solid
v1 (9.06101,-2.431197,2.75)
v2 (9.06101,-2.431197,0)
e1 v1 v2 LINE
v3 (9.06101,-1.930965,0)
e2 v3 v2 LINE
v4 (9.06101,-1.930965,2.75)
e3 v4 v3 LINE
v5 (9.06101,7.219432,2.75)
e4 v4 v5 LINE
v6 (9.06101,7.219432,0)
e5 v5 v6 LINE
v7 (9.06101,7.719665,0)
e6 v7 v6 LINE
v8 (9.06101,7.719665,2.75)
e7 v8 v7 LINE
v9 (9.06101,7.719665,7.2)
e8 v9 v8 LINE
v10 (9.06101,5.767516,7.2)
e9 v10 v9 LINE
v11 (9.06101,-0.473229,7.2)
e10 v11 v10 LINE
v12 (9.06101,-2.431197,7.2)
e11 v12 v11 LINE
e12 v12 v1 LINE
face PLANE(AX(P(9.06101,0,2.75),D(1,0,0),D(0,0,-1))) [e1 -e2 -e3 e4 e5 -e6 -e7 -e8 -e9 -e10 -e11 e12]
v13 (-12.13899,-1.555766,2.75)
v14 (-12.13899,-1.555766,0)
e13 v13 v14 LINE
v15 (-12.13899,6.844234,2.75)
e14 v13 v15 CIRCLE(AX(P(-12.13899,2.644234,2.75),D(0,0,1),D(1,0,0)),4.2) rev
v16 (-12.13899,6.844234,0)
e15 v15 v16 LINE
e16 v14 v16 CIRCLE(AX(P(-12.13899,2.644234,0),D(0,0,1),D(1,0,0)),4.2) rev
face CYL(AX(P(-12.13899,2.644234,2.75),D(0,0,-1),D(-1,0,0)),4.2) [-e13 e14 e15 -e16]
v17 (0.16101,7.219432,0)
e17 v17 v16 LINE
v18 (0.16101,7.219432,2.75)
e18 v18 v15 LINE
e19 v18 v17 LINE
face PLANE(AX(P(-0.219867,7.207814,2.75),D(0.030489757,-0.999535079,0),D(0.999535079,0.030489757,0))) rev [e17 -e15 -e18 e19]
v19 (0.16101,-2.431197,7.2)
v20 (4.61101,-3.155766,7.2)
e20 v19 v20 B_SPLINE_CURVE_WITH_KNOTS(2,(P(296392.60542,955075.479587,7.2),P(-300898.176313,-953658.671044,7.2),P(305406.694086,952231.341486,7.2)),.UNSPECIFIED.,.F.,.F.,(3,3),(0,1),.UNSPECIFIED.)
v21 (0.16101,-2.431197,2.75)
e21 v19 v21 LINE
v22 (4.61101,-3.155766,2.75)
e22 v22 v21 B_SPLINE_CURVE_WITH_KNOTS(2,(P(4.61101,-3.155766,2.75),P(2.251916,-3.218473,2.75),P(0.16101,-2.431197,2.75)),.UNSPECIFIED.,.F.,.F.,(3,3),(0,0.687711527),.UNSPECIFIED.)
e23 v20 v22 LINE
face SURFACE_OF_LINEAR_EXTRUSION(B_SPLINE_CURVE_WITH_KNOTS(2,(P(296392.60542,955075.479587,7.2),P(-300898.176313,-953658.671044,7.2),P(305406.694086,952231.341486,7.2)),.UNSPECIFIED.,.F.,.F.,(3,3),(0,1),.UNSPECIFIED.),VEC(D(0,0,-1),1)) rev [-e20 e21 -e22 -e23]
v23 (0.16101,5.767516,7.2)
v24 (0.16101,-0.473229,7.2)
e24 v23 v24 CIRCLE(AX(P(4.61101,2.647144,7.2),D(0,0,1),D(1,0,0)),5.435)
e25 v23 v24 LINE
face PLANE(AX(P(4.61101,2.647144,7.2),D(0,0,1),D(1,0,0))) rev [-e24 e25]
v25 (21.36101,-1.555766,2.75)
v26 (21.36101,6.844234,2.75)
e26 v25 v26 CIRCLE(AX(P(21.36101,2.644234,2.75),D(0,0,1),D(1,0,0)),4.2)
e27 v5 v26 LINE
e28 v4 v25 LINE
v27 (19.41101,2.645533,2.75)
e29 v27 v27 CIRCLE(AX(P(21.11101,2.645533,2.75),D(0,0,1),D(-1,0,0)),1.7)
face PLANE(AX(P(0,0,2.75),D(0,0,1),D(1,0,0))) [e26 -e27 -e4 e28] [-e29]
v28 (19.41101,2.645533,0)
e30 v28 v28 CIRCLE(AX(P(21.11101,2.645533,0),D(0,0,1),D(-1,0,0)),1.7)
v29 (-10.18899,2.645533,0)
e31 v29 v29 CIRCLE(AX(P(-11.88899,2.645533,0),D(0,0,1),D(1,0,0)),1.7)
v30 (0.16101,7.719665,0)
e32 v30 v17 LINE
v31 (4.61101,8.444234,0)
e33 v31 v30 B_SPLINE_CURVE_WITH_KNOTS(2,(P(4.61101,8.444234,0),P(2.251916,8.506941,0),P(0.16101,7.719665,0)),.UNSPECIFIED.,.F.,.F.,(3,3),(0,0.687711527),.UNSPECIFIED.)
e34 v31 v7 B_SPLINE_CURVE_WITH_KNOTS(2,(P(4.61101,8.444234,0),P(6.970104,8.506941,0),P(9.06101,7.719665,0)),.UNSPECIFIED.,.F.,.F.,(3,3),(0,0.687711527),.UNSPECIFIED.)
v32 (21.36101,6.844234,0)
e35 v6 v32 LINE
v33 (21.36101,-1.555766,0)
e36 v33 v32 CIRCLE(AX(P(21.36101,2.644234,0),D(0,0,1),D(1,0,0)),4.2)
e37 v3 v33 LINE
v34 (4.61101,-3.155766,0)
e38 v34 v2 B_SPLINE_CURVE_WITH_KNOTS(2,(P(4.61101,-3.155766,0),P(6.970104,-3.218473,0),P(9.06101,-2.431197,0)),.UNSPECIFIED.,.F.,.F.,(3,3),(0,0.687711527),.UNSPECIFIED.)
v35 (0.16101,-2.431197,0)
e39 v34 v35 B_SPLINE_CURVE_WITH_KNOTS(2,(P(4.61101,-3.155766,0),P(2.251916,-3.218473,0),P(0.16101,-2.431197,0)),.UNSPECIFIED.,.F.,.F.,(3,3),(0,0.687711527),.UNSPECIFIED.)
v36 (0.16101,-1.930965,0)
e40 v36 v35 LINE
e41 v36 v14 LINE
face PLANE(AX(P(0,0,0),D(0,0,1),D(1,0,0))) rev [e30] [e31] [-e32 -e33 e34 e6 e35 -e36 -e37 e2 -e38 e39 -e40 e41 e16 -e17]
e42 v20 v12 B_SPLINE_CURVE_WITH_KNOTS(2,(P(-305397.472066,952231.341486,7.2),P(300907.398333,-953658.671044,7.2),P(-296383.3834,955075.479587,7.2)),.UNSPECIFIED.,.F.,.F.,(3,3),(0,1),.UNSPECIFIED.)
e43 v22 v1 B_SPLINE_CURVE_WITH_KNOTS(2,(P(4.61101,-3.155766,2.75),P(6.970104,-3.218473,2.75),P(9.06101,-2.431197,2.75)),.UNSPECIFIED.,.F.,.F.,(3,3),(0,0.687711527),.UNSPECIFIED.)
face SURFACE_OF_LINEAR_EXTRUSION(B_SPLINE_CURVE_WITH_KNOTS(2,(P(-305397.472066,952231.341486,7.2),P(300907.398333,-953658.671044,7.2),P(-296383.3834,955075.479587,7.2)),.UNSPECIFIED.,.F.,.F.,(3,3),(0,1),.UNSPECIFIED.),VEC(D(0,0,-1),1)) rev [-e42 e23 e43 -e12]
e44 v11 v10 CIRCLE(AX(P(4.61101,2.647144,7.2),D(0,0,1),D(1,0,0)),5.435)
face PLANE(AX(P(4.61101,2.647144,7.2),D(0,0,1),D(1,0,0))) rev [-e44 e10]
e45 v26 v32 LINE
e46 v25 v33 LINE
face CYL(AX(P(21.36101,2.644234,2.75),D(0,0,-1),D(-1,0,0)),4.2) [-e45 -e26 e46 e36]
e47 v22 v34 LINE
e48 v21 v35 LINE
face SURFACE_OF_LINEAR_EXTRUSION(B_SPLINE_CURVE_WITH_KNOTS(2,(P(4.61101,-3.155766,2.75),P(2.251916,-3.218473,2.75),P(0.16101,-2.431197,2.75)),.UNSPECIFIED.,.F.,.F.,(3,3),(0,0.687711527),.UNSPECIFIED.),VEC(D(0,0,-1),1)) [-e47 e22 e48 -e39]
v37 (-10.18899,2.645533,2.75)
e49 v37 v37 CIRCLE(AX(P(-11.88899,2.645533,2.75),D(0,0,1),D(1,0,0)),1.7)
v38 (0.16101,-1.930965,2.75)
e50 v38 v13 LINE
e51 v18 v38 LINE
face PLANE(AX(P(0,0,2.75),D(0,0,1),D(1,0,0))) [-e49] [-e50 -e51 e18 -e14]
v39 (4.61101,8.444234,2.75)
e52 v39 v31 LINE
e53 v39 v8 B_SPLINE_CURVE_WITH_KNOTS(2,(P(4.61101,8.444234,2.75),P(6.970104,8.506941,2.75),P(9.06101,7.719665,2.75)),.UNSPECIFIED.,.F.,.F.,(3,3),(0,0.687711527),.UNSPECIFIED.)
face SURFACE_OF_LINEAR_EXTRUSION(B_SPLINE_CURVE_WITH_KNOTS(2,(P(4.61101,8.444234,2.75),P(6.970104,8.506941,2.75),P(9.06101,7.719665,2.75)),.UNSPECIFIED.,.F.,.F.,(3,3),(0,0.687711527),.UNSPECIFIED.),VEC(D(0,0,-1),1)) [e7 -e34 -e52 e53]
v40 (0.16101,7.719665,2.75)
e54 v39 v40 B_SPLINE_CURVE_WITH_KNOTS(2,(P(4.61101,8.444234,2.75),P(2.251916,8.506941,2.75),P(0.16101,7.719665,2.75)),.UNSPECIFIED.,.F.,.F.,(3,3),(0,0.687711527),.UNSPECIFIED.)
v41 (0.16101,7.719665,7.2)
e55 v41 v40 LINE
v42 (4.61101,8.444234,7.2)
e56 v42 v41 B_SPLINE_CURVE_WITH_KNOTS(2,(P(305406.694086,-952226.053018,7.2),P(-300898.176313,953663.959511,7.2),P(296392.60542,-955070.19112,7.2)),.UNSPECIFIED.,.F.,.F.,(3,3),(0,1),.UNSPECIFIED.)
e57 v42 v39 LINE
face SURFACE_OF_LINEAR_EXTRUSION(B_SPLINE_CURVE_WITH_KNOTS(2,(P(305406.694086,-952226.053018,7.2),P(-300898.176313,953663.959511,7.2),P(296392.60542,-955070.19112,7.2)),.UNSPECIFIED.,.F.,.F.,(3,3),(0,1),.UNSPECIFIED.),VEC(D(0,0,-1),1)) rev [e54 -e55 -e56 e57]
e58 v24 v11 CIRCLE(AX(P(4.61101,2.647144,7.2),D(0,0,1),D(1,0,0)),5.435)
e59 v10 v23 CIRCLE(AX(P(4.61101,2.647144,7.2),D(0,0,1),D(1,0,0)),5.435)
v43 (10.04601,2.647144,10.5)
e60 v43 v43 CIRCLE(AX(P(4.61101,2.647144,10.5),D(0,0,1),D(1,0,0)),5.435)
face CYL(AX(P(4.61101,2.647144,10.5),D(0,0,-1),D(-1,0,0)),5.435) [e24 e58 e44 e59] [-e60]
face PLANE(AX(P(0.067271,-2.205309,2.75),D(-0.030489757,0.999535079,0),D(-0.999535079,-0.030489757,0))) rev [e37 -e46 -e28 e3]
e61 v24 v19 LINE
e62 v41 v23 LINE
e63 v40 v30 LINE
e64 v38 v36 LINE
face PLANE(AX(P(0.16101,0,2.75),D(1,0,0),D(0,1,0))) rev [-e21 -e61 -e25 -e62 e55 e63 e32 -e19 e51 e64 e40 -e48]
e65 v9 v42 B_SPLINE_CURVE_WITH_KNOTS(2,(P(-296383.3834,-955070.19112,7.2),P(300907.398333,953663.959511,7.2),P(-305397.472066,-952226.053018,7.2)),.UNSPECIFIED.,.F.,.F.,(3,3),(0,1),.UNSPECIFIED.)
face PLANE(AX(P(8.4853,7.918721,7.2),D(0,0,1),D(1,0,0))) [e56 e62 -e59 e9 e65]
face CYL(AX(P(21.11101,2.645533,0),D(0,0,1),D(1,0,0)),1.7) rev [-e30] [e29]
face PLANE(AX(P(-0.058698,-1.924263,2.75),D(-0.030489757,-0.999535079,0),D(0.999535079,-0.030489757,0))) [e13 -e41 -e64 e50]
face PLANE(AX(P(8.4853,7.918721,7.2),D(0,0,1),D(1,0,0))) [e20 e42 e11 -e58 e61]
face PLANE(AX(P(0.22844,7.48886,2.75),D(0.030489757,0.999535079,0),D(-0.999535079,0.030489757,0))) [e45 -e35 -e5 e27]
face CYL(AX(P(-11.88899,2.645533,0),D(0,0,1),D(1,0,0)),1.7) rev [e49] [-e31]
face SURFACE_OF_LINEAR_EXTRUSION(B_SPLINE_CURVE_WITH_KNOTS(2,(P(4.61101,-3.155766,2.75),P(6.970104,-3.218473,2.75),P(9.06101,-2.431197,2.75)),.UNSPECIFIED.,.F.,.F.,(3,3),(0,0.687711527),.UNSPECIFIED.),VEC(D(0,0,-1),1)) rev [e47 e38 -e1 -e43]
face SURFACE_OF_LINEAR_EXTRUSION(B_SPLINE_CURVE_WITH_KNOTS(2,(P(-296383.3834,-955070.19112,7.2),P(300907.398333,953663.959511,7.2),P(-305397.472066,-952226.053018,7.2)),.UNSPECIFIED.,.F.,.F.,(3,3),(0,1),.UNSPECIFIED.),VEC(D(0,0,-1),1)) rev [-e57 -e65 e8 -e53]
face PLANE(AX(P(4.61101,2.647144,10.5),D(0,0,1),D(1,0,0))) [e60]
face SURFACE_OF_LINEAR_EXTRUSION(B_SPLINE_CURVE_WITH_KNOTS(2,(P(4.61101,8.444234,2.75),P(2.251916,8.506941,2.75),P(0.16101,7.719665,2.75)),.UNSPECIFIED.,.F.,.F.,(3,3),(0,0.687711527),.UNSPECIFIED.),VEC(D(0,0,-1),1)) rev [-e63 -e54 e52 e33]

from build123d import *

# Parameters (mm, degrees)
BOSS_EXTRUDE1_DEPTH = 2.75
SKETCH3_R           = 1.7
CUT_EXTRUDE1_DEPTH  = 2.75
BOSS_EXTRUDE2_DEPTH = 4.45
SKETCH6_R           = 5.435
BOSS_EXTRUDE3_DEPTH = 3.3


with BuildPart() as part:
    # Sketch2 → Boss-Extrude1 (new body)
    with BuildSketch(Plane.XY):
        with BuildLine():
            add(Edge.make_bspline(
                [(4.61101002, 8.44423368), (6.970103918, 8.506940606), (9.06101002, 7.719664696)],
                knots=[0, 0, 0, 0.687711527, 0.687711527, 0.687711527], degree=2))
            Line((9.06101002, 7.719664696), (9.06101002, 7.219432127))
            Line((9.06101002, 7.219432127), (21.36101002, 6.84423368))
            ThreePointArc((21.36101002, 6.84423368), (25.56101002, 2.64423368), (21.36101002, -1.55576632))
            Line((21.36101002, -1.55576632), (9.06101002, -1.930964768))
            Line((9.06101002, -1.930964768), (9.06101002, -2.431197337))
            add(Edge.make_bspline(
                [(4.61101002, -3.15576632), (6.970103918, -3.218473247), (9.06101002, -2.431197337)],
                knots=[0, 0, 0, 0.687711527, 0.687711527, 0.687711527], degree=2))
            add(Edge.make_bspline(
                [(4.61101002, -3.15576632), (2.251916122, -3.218473247), (0.16101002, -2.431197337)],
                knots=[0, 0, 0, 0.687711527, 0.687711527, 0.687711527], degree=2))
            Line((0.16101002, -2.431197337), (0.16101002, -1.930964768))
            Line((0.16101002, -1.930964768), (-12.13898998, -1.55576632))
            ThreePointArc((-12.13898998, -1.55576632), (-16.33898998, 2.64423368), (-12.13898998, 6.84423368))
            Line((-12.13898998, 6.84423368), (0.16101002, 7.219432127))
            Line((0.16101002, 7.219432127), (0.16101002, 7.719664696))
            add(Edge.make_bspline(
                [(4.61101002, 8.44423368), (2.251916122, 8.506940606), (0.16101002, 7.719664696)],
                knots=[0, 0, 0, 0.687711527, 0.687711527, 0.687711527], degree=2))
        make_face()
    extrude(amount=BOSS_EXTRUDE1_DEPTH)

    # Sketch3 → Cut-Extrude1 (cut)
    with BuildSketch(Plane.XY.offset(2.75)):
        with Locations((-11.88898998, 2.645532794)):
            Circle(SKETCH3_R)
        with Locations(Location((21.11101002, 2.645532794, 0), (0, 0, 180))):
            Circle(SKETCH3_R)
    extrude(amount=-CUT_EXTRUDE1_DEPTH, mode=Mode.SUBTRACT)

    # Sketch5 → Boss-Extrude2 (add)
    with BuildSketch(Plane.XY.offset(2.75)):
        with BuildLine():
            Line((9.06101002, 7.719664696), (9.06101002, 7.219432127))
            Line((9.06101002, 7.219432127), (9.06101002, -1.930964768))
            Line((9.06101002, -1.930964768), (9.06101002, -2.431197337))
            add(Edge.make_bspline(
                [(4.61101002, -3.15576632), (6.970103918, -3.218473247), (9.06101002, -2.431197337)],
                knots=[0, 0, 0, 1, 1, 1], degree=2))
            add(Edge.make_bspline(
                [(4.61101002, -3.15576632), (2.251916122, -3.218473247), (0.16101002, -2.431197337)],
                knots=[0, 0, 0, 1, 1, 1], degree=2))
            Line((0.16101002, -2.431197337), (0.16101002, -1.930964768))
            Line((0.16101002, -1.930964768), (0.16101002, 7.219432127))
            Line((0.16101002, 7.219432127), (0.16101002, 7.719664696))
            add(Edge.make_bspline(
                [(4.61101002, 8.44423368), (2.251916122, 8.506940606), (0.16101002, 7.719664696)],
                knots=[0, 0, 0, 1, 1, 1], degree=2))
            add(Edge.make_bspline(
                [(4.61101002, 8.44423368), (6.970103918, 8.506940606), (9.06101002, 7.719664696)],
                knots=[0, 0, 0, 1, 1, 1], degree=2))
        make_face()
    extrude(amount=BOSS_EXTRUDE2_DEPTH)

    # Sketch6 → Boss-Extrude3 (add)
    with BuildSketch(Plane.XY.offset(7.2)):
        with Locations(Location((4.611010009, 2.647143575, 0), (0, 0, 215.038419813))):
            Circle(SKETCH6_R)
    extrude(amount=BOSS_EXTRUDE3_DEPTH)


solid = part.part
